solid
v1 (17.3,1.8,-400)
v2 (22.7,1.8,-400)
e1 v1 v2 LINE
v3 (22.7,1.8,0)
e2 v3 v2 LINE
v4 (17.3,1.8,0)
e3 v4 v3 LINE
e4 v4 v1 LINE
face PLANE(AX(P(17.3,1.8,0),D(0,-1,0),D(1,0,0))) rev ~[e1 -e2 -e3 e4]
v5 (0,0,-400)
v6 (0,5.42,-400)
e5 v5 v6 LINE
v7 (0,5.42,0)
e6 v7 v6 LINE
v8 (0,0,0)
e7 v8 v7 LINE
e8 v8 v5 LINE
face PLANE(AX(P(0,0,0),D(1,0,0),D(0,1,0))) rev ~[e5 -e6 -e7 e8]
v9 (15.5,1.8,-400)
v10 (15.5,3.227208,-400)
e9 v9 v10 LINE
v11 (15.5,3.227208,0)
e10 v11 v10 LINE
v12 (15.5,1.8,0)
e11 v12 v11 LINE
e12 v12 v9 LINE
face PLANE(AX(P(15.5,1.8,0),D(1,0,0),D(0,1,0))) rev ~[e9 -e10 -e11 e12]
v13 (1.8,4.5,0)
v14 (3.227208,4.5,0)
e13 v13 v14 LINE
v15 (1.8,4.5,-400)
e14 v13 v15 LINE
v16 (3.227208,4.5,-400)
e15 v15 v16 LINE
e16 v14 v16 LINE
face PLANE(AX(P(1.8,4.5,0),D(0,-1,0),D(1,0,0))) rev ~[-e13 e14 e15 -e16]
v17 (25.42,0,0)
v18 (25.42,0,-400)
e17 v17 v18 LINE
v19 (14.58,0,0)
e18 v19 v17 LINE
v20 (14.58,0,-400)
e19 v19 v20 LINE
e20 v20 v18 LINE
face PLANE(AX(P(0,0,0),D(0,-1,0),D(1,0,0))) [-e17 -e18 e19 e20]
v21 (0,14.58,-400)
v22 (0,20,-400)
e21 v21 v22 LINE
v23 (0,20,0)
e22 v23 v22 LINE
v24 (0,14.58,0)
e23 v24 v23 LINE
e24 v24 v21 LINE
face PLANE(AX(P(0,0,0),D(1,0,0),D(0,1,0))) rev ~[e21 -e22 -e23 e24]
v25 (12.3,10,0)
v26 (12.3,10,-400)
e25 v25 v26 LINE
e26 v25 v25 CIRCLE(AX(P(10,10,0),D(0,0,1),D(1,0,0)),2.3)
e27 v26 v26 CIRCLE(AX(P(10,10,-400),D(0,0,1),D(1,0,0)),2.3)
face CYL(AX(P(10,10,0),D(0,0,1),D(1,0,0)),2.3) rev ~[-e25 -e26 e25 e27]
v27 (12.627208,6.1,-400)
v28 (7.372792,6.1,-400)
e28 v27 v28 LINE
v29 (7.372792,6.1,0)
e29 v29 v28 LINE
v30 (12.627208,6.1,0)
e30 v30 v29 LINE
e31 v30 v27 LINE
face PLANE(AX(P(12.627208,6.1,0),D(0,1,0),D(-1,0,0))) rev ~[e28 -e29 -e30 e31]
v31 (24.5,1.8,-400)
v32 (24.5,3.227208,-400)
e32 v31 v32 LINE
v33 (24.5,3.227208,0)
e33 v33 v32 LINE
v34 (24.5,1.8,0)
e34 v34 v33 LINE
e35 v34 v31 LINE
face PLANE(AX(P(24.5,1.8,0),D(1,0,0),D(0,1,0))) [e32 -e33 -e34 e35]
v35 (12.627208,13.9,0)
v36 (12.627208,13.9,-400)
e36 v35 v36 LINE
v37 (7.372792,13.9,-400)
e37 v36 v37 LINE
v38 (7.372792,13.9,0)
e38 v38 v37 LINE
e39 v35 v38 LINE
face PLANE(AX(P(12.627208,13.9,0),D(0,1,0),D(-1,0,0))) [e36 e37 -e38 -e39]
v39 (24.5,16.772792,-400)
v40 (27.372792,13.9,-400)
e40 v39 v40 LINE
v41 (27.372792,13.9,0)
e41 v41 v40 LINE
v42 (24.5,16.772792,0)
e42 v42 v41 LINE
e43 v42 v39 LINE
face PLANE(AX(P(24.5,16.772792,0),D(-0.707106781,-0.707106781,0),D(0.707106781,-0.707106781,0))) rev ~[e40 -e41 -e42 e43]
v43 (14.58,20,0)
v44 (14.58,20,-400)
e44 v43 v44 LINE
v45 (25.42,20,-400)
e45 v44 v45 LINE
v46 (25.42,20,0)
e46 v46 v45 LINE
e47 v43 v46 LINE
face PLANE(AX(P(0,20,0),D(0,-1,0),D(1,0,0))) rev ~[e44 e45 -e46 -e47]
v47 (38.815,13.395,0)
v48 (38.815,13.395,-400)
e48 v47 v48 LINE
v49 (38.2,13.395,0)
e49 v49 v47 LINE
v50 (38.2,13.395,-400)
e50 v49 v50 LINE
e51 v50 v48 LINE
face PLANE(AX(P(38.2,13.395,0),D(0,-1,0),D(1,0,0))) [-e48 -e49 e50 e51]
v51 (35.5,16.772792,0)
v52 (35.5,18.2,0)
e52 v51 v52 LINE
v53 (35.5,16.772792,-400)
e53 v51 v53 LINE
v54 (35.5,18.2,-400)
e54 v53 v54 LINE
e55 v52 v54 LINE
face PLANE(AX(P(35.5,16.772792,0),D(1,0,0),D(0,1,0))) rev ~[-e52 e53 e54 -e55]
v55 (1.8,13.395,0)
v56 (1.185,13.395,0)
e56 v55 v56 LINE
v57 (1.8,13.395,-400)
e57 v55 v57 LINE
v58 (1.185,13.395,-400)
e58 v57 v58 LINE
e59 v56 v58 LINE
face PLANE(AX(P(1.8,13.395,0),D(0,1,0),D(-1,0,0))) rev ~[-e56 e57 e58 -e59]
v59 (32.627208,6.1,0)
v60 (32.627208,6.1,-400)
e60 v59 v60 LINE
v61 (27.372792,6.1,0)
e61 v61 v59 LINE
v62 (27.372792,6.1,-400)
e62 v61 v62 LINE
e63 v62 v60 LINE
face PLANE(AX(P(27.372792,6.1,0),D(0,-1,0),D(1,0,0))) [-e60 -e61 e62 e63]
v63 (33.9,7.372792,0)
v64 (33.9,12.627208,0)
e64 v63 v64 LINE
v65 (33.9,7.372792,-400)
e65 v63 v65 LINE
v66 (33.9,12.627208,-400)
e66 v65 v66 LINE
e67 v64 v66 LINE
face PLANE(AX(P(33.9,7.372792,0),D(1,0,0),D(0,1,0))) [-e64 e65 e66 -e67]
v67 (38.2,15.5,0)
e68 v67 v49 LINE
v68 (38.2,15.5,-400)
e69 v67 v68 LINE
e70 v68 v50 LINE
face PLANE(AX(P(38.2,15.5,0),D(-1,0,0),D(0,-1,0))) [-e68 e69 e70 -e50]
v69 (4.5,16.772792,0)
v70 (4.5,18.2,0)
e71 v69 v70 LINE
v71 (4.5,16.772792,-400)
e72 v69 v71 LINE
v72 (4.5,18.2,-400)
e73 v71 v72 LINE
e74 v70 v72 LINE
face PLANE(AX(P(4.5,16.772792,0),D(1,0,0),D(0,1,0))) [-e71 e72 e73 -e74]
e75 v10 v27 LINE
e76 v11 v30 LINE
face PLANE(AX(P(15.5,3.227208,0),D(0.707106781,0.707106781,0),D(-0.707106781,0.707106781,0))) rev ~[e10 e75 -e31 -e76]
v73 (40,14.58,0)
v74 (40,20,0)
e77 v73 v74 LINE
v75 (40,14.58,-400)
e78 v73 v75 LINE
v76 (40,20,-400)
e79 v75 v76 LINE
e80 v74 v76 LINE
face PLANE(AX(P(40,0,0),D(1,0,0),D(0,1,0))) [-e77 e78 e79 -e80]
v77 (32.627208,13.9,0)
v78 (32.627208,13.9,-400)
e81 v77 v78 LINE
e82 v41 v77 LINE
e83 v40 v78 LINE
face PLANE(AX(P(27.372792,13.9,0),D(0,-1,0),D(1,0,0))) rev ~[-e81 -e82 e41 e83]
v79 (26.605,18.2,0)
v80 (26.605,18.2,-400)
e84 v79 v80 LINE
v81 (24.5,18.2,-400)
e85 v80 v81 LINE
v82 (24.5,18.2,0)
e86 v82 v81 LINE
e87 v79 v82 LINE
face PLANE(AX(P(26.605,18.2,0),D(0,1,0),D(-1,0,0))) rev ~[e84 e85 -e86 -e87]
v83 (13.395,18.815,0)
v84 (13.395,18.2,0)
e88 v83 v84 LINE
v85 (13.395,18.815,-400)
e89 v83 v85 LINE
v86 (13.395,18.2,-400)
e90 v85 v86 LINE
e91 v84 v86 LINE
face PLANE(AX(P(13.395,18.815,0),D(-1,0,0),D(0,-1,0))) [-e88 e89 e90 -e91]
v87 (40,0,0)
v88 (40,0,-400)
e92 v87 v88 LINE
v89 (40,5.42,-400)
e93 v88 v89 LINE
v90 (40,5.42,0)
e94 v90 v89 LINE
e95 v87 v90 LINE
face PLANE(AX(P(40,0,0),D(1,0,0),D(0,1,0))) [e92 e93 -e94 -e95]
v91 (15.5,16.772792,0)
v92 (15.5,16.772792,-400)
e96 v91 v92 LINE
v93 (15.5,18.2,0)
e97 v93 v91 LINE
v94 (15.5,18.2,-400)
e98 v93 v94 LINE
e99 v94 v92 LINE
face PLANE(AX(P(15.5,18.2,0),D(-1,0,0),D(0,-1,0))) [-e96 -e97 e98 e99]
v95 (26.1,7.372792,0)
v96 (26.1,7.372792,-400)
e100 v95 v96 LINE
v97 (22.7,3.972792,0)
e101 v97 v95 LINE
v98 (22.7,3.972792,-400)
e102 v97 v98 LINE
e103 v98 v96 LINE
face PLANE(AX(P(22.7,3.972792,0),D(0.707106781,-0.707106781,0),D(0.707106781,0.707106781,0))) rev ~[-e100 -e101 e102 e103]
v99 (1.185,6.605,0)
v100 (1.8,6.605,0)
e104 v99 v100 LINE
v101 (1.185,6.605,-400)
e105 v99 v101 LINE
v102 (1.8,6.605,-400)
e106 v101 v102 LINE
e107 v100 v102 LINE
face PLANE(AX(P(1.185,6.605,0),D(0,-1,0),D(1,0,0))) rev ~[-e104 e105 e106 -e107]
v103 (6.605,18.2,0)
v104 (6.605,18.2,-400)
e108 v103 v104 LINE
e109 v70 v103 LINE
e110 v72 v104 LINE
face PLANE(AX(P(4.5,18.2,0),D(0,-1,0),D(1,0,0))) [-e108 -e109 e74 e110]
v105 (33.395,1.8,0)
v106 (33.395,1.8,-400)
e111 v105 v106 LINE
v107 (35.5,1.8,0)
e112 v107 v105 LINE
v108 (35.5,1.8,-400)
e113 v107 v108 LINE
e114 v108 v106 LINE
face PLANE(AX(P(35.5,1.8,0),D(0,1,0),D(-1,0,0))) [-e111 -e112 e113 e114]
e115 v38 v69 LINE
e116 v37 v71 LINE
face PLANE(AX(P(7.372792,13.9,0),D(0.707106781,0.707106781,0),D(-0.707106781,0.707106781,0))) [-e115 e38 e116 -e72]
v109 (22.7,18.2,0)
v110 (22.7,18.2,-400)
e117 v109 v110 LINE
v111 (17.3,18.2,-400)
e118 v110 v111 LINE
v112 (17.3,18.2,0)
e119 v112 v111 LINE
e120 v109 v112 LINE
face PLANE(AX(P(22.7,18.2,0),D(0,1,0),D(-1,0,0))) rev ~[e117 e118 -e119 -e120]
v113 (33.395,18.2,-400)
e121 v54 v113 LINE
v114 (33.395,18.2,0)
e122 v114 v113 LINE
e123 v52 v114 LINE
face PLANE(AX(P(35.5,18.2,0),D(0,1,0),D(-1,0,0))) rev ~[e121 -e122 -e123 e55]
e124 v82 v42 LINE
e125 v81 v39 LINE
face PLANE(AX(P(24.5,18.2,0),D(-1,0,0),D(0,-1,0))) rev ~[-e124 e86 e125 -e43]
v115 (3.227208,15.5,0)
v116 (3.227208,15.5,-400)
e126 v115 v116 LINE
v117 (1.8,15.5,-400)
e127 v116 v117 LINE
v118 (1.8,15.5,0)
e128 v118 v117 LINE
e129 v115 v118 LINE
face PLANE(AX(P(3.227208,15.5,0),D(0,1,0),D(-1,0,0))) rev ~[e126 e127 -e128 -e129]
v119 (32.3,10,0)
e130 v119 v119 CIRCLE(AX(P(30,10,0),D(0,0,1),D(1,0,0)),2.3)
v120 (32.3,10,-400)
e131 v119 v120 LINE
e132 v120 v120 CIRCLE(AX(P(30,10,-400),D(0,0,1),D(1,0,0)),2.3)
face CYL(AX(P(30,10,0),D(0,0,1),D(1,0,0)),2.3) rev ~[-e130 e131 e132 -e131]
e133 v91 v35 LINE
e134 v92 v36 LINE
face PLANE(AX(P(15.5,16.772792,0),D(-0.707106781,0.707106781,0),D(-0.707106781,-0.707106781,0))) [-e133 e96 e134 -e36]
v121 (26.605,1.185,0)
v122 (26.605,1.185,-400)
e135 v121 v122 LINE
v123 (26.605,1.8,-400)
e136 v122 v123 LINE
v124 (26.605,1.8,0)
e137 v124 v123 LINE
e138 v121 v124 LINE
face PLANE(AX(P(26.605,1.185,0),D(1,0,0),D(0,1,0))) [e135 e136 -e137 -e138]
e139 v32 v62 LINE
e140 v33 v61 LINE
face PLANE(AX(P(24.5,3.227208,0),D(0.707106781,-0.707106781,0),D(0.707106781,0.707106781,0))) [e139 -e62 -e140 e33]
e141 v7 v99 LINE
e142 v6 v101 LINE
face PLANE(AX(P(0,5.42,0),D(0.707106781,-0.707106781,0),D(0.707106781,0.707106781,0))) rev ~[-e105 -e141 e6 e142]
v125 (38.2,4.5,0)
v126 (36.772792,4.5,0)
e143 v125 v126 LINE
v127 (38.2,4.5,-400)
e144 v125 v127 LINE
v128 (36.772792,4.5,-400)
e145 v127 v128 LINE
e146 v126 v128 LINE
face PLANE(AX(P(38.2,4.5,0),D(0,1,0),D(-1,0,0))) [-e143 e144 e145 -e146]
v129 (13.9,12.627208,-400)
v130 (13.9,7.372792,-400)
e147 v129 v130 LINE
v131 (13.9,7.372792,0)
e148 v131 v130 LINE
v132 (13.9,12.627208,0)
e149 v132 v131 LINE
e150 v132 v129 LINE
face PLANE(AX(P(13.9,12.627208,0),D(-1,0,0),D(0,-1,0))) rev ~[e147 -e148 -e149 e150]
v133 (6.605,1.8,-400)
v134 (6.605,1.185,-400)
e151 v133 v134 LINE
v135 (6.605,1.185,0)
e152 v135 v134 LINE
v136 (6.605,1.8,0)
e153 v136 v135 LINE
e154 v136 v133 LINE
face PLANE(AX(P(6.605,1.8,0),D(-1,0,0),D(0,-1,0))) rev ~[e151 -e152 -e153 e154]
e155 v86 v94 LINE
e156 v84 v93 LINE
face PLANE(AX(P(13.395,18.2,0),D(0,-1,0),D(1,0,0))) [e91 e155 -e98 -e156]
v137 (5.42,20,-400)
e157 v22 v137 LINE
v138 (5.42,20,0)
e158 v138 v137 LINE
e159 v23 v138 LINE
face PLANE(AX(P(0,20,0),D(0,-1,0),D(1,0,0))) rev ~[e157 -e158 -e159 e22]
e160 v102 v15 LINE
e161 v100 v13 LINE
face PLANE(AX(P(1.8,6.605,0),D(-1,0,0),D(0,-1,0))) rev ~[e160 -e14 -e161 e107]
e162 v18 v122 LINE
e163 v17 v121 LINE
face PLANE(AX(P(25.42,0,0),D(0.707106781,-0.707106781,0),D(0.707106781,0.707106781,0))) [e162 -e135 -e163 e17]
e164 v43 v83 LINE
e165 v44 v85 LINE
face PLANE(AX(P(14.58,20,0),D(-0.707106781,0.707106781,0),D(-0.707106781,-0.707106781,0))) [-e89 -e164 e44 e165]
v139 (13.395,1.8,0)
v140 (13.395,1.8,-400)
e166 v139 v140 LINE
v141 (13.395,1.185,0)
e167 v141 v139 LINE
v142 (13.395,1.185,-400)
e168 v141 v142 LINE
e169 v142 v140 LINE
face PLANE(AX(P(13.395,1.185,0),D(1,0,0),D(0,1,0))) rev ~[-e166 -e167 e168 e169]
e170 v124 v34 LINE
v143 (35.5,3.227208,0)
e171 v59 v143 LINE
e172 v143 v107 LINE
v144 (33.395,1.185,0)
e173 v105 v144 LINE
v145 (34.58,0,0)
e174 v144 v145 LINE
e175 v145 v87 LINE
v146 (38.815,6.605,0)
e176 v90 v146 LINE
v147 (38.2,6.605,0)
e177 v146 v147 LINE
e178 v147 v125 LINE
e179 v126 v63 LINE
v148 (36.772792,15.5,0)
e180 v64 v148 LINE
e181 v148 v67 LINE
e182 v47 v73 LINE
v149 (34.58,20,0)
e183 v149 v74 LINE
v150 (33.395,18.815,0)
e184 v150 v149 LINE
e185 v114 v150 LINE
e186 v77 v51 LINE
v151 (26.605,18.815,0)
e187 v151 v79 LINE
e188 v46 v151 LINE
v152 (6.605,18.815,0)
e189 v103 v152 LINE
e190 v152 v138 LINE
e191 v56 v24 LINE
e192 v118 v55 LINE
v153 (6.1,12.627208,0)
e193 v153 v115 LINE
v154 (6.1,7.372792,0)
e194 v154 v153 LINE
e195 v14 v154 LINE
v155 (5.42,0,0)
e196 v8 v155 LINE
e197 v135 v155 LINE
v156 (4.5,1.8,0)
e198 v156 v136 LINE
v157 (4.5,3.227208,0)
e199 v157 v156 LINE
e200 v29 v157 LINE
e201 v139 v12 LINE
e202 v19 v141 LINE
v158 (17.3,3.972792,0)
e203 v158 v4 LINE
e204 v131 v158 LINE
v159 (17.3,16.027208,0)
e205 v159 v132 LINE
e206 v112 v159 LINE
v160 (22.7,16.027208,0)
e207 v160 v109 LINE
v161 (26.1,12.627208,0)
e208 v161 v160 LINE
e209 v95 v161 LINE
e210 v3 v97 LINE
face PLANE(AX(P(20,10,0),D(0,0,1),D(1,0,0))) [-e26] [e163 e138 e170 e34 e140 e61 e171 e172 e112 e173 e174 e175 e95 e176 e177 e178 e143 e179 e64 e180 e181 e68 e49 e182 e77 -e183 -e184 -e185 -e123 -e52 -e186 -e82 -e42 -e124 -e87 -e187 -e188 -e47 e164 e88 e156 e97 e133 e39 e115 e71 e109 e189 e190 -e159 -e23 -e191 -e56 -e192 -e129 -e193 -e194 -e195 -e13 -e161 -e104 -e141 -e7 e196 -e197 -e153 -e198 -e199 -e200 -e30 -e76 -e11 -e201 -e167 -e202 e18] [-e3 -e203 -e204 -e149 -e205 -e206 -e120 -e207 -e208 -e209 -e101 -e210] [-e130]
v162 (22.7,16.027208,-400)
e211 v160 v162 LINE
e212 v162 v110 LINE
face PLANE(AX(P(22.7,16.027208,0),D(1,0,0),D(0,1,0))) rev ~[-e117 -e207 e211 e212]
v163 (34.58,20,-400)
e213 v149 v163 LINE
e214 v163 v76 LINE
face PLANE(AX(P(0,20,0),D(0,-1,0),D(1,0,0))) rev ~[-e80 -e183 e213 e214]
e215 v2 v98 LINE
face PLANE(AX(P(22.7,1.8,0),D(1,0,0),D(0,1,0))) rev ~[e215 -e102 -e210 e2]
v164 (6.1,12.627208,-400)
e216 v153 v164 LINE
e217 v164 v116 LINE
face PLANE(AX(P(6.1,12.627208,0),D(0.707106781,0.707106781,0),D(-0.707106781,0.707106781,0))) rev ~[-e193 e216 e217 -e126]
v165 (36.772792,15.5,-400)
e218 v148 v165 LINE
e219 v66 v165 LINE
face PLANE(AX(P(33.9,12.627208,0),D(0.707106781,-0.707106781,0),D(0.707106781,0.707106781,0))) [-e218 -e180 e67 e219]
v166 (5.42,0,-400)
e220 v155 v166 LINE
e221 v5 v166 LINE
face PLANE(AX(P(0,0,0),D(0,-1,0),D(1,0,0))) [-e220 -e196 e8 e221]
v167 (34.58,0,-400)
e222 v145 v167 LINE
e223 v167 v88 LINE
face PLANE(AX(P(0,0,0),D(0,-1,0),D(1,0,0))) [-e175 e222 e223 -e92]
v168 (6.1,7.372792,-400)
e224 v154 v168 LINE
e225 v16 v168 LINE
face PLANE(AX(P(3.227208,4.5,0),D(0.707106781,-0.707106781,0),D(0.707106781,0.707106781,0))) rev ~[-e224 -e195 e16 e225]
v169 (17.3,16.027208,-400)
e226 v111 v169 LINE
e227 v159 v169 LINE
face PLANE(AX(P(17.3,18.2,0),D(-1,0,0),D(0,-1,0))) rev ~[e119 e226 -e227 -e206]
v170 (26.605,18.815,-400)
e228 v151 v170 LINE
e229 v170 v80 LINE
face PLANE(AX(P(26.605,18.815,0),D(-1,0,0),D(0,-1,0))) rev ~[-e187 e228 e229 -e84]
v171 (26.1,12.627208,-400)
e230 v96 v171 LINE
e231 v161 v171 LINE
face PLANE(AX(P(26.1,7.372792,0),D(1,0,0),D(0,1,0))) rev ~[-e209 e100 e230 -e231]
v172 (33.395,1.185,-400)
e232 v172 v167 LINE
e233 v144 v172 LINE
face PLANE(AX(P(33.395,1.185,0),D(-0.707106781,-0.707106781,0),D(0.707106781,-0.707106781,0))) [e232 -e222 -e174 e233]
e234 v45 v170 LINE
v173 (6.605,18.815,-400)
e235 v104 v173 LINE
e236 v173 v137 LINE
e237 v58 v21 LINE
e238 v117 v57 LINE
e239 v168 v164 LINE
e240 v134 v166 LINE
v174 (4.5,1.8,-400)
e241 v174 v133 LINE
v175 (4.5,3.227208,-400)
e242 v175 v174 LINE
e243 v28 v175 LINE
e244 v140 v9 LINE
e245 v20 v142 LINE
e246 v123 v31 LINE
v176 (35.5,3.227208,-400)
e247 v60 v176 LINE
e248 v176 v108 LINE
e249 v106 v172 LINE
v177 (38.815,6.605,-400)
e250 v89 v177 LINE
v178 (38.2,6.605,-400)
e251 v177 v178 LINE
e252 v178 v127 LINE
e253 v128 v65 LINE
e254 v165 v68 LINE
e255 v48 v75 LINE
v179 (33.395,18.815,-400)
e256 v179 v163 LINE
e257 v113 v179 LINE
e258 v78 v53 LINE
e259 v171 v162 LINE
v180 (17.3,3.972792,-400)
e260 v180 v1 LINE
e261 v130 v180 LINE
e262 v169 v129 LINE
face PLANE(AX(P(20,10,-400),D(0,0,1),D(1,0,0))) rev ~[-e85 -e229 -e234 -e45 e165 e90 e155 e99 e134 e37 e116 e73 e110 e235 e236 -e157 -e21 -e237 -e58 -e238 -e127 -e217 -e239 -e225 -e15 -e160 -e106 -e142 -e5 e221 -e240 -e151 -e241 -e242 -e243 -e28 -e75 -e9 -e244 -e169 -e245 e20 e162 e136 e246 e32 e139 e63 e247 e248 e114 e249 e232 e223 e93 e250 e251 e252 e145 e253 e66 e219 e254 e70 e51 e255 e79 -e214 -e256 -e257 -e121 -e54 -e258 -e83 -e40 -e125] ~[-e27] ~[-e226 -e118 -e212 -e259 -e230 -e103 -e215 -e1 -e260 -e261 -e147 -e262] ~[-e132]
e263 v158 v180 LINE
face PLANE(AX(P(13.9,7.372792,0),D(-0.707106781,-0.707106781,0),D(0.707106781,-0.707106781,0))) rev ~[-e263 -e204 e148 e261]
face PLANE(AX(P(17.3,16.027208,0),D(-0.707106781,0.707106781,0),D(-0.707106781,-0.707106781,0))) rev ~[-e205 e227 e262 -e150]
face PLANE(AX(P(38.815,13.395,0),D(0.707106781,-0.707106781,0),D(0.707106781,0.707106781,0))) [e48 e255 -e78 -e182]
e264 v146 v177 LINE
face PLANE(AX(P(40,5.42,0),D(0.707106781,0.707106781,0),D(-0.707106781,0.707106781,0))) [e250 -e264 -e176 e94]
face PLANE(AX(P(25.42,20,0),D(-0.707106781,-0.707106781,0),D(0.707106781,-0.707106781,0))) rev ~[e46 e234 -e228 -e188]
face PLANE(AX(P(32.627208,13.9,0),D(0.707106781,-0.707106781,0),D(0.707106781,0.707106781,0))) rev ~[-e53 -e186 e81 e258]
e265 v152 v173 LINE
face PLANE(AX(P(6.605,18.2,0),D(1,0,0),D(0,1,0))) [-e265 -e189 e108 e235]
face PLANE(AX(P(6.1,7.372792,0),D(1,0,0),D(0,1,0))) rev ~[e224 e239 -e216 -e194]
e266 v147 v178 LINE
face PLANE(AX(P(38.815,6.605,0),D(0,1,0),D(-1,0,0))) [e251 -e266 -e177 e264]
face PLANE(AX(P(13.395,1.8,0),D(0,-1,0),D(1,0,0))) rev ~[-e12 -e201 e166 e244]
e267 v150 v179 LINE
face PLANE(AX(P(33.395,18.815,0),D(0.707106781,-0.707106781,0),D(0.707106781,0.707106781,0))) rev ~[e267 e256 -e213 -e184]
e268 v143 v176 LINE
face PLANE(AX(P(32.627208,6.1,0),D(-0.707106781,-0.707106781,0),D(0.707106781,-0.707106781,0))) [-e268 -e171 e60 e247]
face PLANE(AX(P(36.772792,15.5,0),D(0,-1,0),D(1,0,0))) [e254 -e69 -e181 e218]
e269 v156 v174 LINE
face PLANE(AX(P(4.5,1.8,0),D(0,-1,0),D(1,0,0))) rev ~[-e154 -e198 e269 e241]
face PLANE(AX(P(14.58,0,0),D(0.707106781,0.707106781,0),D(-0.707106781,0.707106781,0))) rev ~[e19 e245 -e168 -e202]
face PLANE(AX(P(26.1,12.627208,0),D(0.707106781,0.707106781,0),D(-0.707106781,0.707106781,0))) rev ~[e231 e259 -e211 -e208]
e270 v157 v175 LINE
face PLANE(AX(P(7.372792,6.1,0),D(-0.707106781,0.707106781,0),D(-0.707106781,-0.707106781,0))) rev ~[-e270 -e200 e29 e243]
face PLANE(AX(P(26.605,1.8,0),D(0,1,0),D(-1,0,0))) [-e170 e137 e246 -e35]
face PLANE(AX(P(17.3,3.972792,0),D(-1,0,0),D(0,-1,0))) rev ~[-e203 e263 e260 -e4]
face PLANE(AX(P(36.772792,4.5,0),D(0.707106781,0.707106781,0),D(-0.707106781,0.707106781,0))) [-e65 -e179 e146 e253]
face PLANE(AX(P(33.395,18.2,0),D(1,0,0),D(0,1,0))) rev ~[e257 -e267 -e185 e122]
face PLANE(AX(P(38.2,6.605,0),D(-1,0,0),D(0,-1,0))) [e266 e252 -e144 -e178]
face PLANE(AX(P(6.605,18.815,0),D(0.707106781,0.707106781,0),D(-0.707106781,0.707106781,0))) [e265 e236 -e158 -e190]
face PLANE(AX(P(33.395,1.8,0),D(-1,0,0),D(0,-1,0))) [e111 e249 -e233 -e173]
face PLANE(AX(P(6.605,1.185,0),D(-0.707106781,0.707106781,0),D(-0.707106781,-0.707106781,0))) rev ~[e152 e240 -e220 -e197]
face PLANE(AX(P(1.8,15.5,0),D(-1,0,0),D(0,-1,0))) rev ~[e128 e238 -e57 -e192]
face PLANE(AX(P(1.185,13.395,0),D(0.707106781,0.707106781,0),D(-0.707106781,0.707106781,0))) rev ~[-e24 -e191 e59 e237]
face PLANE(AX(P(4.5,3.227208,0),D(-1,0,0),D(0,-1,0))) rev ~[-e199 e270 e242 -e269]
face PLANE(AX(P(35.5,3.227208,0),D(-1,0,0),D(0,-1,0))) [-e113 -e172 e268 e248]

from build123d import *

# Parameters (mm, degrees)
SKETCH1_W           = 40
SKETCH1_H           = 20
BOSS_EXTRUDE1_DEPTH = 400
CUT_EXTRUDE3_DEPTH  = 401
CUT_EXTRUDE4_DEPTH  = 401
SKETCH6_R           = 2.3
CUT_EXTRUDE5_DEPTH  = 401


with BuildPart() as part:
    # Sketch1 → Boss-Extrude1 (new body)
    with BuildSketch(Plane.XY):
        with Locations((20, 10)):
            Rectangle(SKETCH1_W, SKETCH1_H)
    extrude(amount=-BOSS_EXTRUDE1_DEPTH)

    # Sketch2 → Cut-Extrude3 (cut, through all)
    with BuildSketch(Plane.XY):
        Polygon((14.58, 20), (13.395, 18.815), (13.395, 18.2), (15.5, 18.2), (15.5, 16.772792206), (12.627207794, 13.9), (7.372792206, 13.9), (4.5, 16.772792206), (4.5, 18.2), (6.605, 18.2), (6.605, 18.815), (5.42, 20), align=None)
        Polygon((1.185, 13.395), (0, 14.58), (0, 5.42), (1.185, 6.605), (1.8, 6.605), (1.8, 4.5), (3.227207794, 4.5), (6.1, 7.372792206), (6.1, 12.627207794), (3.227207794, 15.5), (1.8, 15.5), (1.8, 13.395), align=None)
        Polygon((38.2, 13.395), (38.815, 13.395), (40, 14.58), (40, 5.42), (38.815, 6.605), (38.2, 6.605), (38.2, 4.5), (36.772792206, 4.5), (33.9, 7.372792206), (33.9, 12.627207794), (36.772792206, 15.5), (38.2, 15.5), align=None)
        Polygon((33.395, 18.815), (34.58, 20), (25.42, 20), (26.605, 18.815), (26.605, 18.2), (24.5, 18.2), (24.5, 16.772792206), (27.372792206, 13.9), (32.627207794, 13.9), (35.5, 16.772792206), (35.5, 18.2), (33.395, 18.2), align=None)
        Polygon((33.395, 1.8), (33.395, 1.185), (34.58, 0), (25.42, 0), (26.605, 1.185), (26.605, 1.8), (24.5, 1.8), (24.5, 3.227207794), (27.372792206, 6.1), (32.627207794, 6.1), (35.5, 3.227207794), (35.5, 1.8), align=None)
        Polygon((6.605, 1.185), (5.42, 0), (14.58, 0), (13.395, 1.185), (13.395, 1.8), (15.5, 1.8), (15.5, 3.227207794), (12.627207794, 6.1), (7.372792206, 6.1), (4.5, 3.227207794), (4.5, 1.8), (6.605, 1.8), align=None)
    extrude(amount=-CUT_EXTRUDE3_DEPTH, mode=Mode.SUBTRACT)

    # Sketch5 → Cut-Extrude4 (cut, through all)
    with BuildSketch(Plane.XY):
        Polygon((17.3, 1.8), (22.7, 1.8), (22.7, 3.972792206), (26.1, 7.372792206), (26.1, 12.627207794), (22.7, 16.027207794), (22.7, 18.2), (17.3, 18.2), (17.3, 16.027207794), (13.9, 12.627207794), (13.9, 7.372792206), (17.3, 3.972792206), align=None)
    extrude(amount=-CUT_EXTRUDE4_DEPTH, mode=Mode.SUBTRACT)

    # Sketch6 → Cut-Extrude5 (cut, through all)
    with BuildSketch(Plane.XY):
        with Locations((10, 10)):
            Circle(SKETCH6_R)
        with Locations((30, 10)):
            Circle(SKETCH6_R)
    extrude(amount=-CUT_EXTRUDE5_DEPTH, mode=Mode.SUBTRACT)


solid = part.part
